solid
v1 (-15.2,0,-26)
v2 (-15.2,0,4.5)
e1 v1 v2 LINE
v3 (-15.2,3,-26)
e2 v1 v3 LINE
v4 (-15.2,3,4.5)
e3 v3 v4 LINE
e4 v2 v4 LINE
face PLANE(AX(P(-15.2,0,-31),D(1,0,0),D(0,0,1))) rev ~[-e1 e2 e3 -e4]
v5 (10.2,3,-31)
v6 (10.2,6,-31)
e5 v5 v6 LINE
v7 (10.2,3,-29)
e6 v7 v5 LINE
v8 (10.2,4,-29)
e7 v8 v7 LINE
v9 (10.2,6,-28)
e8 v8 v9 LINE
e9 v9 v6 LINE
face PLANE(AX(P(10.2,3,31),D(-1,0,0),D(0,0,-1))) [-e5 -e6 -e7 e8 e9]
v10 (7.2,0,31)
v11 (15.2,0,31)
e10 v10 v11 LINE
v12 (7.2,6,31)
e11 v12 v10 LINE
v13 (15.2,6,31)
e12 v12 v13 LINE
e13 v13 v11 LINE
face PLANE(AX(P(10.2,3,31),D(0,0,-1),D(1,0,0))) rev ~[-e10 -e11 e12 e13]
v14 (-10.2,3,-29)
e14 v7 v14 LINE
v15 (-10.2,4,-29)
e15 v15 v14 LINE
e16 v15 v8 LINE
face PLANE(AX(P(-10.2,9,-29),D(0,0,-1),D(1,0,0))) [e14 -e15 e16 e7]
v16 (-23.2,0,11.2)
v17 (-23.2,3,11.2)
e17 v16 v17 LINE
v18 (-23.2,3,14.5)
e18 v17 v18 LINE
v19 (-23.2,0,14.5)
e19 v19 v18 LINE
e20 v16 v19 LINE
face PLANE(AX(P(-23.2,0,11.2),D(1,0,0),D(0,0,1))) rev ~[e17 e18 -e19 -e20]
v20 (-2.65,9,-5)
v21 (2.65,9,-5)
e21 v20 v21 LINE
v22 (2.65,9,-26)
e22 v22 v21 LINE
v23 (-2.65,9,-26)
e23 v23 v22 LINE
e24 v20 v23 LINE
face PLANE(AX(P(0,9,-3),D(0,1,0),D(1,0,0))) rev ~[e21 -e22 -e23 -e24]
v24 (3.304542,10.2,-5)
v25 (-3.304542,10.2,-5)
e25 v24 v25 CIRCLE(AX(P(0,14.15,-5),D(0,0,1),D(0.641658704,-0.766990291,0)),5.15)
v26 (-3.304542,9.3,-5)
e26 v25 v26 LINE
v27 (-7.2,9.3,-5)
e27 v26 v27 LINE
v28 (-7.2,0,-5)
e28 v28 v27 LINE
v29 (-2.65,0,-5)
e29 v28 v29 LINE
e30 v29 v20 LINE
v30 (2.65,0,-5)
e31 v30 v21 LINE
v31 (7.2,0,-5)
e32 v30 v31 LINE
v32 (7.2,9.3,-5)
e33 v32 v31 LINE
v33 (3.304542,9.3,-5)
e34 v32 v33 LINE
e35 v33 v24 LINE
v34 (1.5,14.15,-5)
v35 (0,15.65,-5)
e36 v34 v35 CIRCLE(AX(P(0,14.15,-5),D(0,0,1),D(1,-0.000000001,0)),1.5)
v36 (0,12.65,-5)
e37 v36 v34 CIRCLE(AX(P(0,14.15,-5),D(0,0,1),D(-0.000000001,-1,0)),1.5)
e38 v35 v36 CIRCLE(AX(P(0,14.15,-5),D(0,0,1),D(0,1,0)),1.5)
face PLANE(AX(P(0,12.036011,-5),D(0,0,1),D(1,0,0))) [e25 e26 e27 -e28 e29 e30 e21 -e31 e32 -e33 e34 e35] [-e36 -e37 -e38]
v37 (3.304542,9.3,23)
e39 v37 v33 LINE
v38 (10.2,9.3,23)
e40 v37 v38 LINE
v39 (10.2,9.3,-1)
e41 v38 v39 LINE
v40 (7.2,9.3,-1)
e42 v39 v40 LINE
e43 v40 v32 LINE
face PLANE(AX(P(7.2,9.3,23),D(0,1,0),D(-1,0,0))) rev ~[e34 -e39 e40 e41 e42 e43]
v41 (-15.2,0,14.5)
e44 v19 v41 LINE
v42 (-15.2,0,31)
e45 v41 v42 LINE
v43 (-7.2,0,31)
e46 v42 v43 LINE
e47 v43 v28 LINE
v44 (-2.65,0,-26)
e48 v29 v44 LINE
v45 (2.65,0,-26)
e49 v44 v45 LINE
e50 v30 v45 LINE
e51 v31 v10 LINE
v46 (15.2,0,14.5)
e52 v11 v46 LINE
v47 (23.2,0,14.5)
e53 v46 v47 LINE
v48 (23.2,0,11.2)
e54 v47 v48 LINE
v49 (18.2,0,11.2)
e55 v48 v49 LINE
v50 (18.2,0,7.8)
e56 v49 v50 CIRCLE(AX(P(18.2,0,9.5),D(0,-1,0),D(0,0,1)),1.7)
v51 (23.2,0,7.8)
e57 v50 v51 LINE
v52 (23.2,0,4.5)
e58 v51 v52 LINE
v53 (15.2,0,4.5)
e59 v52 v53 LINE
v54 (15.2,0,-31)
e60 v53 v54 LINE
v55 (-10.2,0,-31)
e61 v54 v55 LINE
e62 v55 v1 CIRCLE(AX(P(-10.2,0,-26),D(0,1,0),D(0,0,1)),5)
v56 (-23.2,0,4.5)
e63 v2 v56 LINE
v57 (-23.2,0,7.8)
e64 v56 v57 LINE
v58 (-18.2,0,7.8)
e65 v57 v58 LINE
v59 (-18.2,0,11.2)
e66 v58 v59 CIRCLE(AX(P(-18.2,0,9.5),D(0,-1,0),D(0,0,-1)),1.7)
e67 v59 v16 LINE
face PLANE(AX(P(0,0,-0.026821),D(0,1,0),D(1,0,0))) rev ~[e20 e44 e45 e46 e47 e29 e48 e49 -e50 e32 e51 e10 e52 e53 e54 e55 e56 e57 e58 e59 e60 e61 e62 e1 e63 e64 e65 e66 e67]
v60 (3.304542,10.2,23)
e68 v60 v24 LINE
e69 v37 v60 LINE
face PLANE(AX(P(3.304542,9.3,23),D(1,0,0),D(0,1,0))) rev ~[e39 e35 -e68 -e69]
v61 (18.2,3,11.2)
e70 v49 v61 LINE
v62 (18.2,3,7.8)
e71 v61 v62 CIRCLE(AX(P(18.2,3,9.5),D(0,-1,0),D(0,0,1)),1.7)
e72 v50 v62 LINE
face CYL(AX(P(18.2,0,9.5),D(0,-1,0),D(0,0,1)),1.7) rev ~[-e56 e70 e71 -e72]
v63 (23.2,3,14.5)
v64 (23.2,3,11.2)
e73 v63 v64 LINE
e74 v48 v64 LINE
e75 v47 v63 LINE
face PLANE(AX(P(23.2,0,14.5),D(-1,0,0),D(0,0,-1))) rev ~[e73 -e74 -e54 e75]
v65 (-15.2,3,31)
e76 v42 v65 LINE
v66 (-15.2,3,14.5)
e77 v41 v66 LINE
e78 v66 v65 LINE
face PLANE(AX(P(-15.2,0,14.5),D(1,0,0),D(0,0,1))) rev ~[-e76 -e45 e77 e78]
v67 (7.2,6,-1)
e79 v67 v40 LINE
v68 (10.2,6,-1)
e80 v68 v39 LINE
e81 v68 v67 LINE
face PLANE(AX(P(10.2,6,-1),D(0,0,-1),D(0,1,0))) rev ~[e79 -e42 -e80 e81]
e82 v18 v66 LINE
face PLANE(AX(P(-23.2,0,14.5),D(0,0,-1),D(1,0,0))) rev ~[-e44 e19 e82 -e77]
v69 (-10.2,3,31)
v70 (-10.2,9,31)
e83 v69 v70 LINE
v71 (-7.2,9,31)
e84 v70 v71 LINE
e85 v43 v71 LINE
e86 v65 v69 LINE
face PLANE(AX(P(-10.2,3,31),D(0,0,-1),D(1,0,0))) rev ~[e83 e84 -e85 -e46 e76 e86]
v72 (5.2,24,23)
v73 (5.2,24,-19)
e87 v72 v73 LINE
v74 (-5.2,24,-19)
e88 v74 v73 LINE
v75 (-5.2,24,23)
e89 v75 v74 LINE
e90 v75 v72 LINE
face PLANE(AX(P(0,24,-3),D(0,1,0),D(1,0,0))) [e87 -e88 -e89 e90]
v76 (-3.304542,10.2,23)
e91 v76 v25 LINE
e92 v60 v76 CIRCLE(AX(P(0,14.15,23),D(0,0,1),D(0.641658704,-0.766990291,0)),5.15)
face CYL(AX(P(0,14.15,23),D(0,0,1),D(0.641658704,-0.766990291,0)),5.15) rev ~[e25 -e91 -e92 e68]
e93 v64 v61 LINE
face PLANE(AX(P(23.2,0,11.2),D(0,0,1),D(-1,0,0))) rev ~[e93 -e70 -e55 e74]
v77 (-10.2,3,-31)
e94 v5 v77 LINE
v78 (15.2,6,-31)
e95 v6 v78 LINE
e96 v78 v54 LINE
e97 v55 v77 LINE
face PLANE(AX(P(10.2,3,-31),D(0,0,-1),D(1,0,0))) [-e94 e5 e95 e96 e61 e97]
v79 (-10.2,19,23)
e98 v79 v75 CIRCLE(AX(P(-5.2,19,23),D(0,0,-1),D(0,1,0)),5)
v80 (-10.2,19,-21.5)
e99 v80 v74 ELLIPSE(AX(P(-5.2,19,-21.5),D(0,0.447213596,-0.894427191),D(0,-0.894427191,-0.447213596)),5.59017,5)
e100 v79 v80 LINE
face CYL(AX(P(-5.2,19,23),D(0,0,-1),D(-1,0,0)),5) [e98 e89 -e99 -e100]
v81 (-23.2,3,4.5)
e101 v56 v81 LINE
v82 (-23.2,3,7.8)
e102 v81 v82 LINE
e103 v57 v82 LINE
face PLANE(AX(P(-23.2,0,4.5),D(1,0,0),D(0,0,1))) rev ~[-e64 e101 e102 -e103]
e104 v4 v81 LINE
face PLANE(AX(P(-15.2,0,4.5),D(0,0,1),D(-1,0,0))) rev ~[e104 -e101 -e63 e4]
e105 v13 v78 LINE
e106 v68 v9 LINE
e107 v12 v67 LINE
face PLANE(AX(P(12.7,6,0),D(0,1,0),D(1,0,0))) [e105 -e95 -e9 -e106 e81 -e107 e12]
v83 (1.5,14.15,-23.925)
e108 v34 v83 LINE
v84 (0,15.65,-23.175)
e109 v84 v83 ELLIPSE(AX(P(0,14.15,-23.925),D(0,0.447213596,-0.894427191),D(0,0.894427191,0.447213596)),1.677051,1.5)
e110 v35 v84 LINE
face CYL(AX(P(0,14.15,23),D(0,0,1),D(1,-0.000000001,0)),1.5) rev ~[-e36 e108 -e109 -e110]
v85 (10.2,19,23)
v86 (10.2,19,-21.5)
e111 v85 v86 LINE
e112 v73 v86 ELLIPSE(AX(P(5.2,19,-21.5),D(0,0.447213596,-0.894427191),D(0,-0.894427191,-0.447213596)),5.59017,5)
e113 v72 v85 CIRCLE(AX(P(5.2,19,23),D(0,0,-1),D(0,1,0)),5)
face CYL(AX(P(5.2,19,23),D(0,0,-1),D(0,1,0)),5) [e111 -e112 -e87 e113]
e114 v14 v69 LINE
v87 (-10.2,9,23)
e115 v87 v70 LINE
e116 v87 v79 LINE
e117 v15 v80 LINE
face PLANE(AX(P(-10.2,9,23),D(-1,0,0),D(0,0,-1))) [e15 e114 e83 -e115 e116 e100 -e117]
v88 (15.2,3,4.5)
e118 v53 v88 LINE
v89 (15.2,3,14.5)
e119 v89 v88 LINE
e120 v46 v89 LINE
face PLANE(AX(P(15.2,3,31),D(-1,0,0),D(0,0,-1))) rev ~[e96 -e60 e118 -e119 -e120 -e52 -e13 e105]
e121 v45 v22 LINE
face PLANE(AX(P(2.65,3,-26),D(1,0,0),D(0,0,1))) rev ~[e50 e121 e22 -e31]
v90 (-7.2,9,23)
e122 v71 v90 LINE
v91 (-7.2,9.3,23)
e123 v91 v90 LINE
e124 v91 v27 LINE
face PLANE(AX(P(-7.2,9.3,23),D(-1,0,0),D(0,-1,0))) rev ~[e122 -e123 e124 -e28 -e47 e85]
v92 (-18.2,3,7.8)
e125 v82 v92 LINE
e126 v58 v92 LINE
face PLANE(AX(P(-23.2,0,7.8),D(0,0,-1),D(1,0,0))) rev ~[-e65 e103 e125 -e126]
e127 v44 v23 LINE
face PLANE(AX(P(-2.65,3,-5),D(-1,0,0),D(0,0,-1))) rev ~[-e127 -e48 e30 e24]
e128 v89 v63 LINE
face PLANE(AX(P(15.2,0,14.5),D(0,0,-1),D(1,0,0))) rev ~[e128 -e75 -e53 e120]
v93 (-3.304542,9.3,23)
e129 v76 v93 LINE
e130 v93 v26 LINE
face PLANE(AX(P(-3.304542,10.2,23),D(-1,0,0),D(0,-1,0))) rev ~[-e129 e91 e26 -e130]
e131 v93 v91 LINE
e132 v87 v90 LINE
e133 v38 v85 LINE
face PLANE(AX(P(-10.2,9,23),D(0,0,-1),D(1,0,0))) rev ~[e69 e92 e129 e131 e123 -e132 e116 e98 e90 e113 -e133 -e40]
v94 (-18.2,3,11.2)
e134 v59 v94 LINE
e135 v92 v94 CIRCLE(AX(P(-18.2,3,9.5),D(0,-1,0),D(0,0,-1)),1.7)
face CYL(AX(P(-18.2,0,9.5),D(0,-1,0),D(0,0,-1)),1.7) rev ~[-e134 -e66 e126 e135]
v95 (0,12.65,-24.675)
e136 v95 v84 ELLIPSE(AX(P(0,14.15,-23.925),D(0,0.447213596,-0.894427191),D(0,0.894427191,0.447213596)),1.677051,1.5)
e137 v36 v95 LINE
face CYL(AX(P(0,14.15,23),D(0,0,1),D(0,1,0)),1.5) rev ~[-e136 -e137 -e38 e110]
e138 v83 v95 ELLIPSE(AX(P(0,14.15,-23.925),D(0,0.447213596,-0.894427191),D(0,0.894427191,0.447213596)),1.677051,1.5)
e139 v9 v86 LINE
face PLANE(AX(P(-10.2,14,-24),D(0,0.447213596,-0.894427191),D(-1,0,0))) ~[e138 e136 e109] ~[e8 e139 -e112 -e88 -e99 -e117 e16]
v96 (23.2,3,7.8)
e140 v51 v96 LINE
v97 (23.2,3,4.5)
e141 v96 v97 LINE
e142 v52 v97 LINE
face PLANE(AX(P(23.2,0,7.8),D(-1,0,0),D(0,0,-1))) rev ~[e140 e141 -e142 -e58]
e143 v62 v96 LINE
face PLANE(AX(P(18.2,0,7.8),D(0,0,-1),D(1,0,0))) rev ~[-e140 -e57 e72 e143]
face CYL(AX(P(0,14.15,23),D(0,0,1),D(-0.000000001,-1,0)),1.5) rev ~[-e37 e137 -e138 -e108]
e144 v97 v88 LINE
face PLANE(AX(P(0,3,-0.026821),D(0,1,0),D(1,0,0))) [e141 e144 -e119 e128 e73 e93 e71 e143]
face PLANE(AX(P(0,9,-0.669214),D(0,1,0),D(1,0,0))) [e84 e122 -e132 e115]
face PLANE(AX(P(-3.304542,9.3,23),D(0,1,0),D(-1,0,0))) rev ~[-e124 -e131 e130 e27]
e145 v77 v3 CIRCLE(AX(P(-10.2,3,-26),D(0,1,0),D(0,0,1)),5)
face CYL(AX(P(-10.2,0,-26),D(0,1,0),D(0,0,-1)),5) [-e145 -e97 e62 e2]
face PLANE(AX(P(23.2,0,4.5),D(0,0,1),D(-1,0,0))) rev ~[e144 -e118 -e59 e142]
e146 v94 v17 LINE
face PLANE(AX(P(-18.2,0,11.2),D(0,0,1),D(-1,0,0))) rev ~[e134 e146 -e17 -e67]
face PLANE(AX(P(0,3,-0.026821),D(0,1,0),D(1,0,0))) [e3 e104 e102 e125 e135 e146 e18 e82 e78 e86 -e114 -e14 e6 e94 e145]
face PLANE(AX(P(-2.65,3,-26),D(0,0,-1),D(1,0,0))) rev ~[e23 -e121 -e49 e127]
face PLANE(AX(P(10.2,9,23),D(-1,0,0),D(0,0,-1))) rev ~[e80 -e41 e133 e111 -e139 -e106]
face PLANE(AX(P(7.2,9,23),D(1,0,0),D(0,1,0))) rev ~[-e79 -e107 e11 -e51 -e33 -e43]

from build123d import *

# Parameters (mm, degrees)
SKETCH1_W           = 4.55
SKETCH1_H           = 21
BOSS_EXTRUDE1_DEPTH = 3
FILLET1_R           = 5
BOSS_EXTRUDE2_DEPTH = 6
SKETCH9_W           = 20.4
SKETCH9_H           = 52
BOSS_EXTRUDE4_DEPTH = 15
CHAMFER4_SIZE       = 20
CHAMFER4_SIZE2      = 10
FILLET5_R           = 5
CUT_EXTRUDE6_DEPTH  = 28
CUT_EXTRUDE7_DEPTH  = 64.484171256
SKETCH16_W          = 32
SKETCH16_H          = 3.3
CUT_EXTRUDE8_DEPTH  = 3
SKETCH17_W          = 5
SKETCH17_H          = 62
BOSS_EXTRUDE5_DEPTH = 3


with BuildPart() as part:
    # Sketch1 → Boss-Extrude1 (new body)
    with BuildSketch(Plane(origin=(0, 0, 0), x_dir=(1, 0, 0), z_dir=(0, 1, 0))):
        with BuildLine():
            Line((-15.2, -14.5), (-15.2, -31))
            Line((-15.2, -31), (-7.2, -31))
            Line((-7.2, -31), (-7.2, 5))
            Line((-7.2, 5), (-7.2, 26))
            Line((-7.2, 26), (-2.65, 26))
            Line((-2.65, 26), (2.65, 26))
            Line((2.65, 26), (7.2, 26))
            Line((7.2, 26), (7.2, 5))
            Line((7.2, 5), (7.2, -31))
            Line((7.2, -31), (15.2, -31))
            Line((15.2, -31), (15.2, -14.5))
            Line((15.2, -14.5), (23.2, -14.5))
            Line((23.2, -14.5), (23.2, -11.2))
            Line((23.2, -11.2), (18.2, -11.2))
            ThreePointArc((18.2, -11.2), (16.5, -9.5), (18.2, -7.8))
            Line((18.2, -7.8), (23.2, -7.8))
            Line((23.2, -7.8), (23.2, -4.5))
            Line((23.2, -4.5), (15.2, -4.5))
            Line((15.2, -4.5), (15.2, 31))
            Line((15.2, 31), (-15.2, 31))
            Line((-15.2, 31), (-15.2, -4.5))
            Line((-15.2, -4.5), (-23.2, -4.5))
            Line((-23.2, -4.5), (-23.2, -7.8))
            Line((-23.2, -7.8), (-18.2, -7.8))
            ThreePointArc((-18.2, -7.8), (-16.5, -9.5), (-18.2, -11.2))
            Line((-18.2, -11.2), (-23.2, -11.2))
            Line((-23.2, -11.2), (-23.2, -14.5))
            Line((-23.2, -14.5), (-15.2, -14.5))
        make_face()
        with Locations((-4.925, 15.5)):
            Rectangle(SKETCH1_W, SKETCH1_H)
        with Locations((4.925, 15.5)):
            Rectangle(SKETCH1_W, SKETCH1_H)
    extrude(amount=BOSS_EXTRUDE1_DEPTH)

    # Fillet1
    fillet1_edges = [part.edges().sort_by_distance(p)[0] for p in [
        (-15.2, 1.5, -31),
    ]]
    fillet(fillet1_edges, radius=FILLET1_R)

    # Sketch3 → Boss-Extrude2 (add)
    with BuildSketch(Plane(origin=(0, 3, 0), x_dir=(1, 0, 0), z_dir=(0, 1, 0))):
        Polygon((10.2, 29), (-10.2, 29), (-10.2, -31), (-7.2, -31), (-7.2, 5), (-2.65, 5), (-2.65, 26), (2.65, 26), (2.65, 5), (7.2, 5), (7.2, -31), (10.2, -31), align=None)
    extrude(amount=BOSS_EXTRUDE2_DEPTH)

    # Sketch9 → Boss-Extrude4 (add)
    with BuildSketch(Plane(origin=(0, 9, 0), x_dir=(1, 0, 0), z_dir=(0, 1, 0))):
        with Locations((0, 3)):
            Rectangle(SKETCH9_W, SKETCH9_H)
    extrude(amount=BOSS_EXTRUDE4_DEPTH)

    # Chamfer4
    chamfer4_edges = [part.edges().sort_by_distance(p)[0] for p in [
        (0, 24, -29),
    ]]
    chamfer4_side = [part.faces().sort_by_distance(p)[0] for p in [
        (0, 13.5, -29),
    ]]
    chamfer(chamfer4_edges, length=CHAMFER4_SIZE, length2=CHAMFER4_SIZE2, reference=chamfer4_side[0])

    # Fillet5
    fillet5_edges = [part.edges().sort_by_distance(p)[0] for p in [
        (10.2, 24, 2),
        (-10.2, 24, 2),
    ]]
    fillet(fillet5_edges, radius=FILLET5_R)

    # Sketch15 → Cut-Extrude6 (cut)
    with BuildSketch(Plane.XY.offset(23)):
        with BuildLine():
            Line((7.2, 9), (7.2, 9.3))
            Line((7.2, 9.3), (3.304542328, 9.3))
            Line((3.304542328, 9.3), (3.304542328, 10.2))
            ThreePointArc((3.304542328, 10.2), (0, 19.3), (-3.304542328, 10.2))
            Line((-3.304542328, 10.2), (-3.304542328, 9.3))
            Line((-3.304542328, 9.3), (-7.2, 9.3))
            Line((-7.2, 9.3), (-7.2, 9))
            Line((-7.2, 9), (7.2, 9))
        make_face()
    extrude(amount=-CUT_EXTRUDE6_DEPTH, mode=Mode.SUBTRACT)

    # Sketch15<6> → Cut-Extrude7 (cut, through all)
    with BuildSketch(Plane.XY.offset(23)):
        with BuildLine():
            ThreePointArc((0, 15.65), (-1.5, 14.15), (0, 12.65))
            Line((0, 12.65), (0, 15.65))
        make_face()
        with BuildLine():
            Line((0, 15.65), (0, 12.65))
            ThreePointArc((0, 12.65), (1.060660172, 13.089339828), (1.5, 14.15))
            ThreePointArc((1.5, 14.15), (1.060660172, 15.210660172), (0, 15.65))
        make_face()
    extrude(amount=-CUT_EXTRUDE7_DEPTH, mode=Mode.SUBTRACT)

    # Sketch16 → Cut-Extrude8 (cut)
    with BuildSketch(Plane(origin=(10.2, 0, 0), x_dir=(0, 0, -1), z_dir=(1, 0, 0))):
        with Locations((-15, 7.65)):
            Rectangle(SKETCH16_W, SKETCH16_H)
    extrude(amount=-CUT_EXTRUDE8_DEPTH, mode=Mode.SUBTRACT)

    # Sketch17 → Boss-Extrude5 (add)
    with BuildSketch(Plane(origin=(0, 3, 0), x_dir=(1, 0, 0), z_dir=(0, 1, 0))):
        with Locations((12.7, 0)):
            Rectangle(SKETCH17_W, SKETCH17_H)
    extrude(amount=BOSS_EXTRUDE5_DEPTH)


solid = part.part
